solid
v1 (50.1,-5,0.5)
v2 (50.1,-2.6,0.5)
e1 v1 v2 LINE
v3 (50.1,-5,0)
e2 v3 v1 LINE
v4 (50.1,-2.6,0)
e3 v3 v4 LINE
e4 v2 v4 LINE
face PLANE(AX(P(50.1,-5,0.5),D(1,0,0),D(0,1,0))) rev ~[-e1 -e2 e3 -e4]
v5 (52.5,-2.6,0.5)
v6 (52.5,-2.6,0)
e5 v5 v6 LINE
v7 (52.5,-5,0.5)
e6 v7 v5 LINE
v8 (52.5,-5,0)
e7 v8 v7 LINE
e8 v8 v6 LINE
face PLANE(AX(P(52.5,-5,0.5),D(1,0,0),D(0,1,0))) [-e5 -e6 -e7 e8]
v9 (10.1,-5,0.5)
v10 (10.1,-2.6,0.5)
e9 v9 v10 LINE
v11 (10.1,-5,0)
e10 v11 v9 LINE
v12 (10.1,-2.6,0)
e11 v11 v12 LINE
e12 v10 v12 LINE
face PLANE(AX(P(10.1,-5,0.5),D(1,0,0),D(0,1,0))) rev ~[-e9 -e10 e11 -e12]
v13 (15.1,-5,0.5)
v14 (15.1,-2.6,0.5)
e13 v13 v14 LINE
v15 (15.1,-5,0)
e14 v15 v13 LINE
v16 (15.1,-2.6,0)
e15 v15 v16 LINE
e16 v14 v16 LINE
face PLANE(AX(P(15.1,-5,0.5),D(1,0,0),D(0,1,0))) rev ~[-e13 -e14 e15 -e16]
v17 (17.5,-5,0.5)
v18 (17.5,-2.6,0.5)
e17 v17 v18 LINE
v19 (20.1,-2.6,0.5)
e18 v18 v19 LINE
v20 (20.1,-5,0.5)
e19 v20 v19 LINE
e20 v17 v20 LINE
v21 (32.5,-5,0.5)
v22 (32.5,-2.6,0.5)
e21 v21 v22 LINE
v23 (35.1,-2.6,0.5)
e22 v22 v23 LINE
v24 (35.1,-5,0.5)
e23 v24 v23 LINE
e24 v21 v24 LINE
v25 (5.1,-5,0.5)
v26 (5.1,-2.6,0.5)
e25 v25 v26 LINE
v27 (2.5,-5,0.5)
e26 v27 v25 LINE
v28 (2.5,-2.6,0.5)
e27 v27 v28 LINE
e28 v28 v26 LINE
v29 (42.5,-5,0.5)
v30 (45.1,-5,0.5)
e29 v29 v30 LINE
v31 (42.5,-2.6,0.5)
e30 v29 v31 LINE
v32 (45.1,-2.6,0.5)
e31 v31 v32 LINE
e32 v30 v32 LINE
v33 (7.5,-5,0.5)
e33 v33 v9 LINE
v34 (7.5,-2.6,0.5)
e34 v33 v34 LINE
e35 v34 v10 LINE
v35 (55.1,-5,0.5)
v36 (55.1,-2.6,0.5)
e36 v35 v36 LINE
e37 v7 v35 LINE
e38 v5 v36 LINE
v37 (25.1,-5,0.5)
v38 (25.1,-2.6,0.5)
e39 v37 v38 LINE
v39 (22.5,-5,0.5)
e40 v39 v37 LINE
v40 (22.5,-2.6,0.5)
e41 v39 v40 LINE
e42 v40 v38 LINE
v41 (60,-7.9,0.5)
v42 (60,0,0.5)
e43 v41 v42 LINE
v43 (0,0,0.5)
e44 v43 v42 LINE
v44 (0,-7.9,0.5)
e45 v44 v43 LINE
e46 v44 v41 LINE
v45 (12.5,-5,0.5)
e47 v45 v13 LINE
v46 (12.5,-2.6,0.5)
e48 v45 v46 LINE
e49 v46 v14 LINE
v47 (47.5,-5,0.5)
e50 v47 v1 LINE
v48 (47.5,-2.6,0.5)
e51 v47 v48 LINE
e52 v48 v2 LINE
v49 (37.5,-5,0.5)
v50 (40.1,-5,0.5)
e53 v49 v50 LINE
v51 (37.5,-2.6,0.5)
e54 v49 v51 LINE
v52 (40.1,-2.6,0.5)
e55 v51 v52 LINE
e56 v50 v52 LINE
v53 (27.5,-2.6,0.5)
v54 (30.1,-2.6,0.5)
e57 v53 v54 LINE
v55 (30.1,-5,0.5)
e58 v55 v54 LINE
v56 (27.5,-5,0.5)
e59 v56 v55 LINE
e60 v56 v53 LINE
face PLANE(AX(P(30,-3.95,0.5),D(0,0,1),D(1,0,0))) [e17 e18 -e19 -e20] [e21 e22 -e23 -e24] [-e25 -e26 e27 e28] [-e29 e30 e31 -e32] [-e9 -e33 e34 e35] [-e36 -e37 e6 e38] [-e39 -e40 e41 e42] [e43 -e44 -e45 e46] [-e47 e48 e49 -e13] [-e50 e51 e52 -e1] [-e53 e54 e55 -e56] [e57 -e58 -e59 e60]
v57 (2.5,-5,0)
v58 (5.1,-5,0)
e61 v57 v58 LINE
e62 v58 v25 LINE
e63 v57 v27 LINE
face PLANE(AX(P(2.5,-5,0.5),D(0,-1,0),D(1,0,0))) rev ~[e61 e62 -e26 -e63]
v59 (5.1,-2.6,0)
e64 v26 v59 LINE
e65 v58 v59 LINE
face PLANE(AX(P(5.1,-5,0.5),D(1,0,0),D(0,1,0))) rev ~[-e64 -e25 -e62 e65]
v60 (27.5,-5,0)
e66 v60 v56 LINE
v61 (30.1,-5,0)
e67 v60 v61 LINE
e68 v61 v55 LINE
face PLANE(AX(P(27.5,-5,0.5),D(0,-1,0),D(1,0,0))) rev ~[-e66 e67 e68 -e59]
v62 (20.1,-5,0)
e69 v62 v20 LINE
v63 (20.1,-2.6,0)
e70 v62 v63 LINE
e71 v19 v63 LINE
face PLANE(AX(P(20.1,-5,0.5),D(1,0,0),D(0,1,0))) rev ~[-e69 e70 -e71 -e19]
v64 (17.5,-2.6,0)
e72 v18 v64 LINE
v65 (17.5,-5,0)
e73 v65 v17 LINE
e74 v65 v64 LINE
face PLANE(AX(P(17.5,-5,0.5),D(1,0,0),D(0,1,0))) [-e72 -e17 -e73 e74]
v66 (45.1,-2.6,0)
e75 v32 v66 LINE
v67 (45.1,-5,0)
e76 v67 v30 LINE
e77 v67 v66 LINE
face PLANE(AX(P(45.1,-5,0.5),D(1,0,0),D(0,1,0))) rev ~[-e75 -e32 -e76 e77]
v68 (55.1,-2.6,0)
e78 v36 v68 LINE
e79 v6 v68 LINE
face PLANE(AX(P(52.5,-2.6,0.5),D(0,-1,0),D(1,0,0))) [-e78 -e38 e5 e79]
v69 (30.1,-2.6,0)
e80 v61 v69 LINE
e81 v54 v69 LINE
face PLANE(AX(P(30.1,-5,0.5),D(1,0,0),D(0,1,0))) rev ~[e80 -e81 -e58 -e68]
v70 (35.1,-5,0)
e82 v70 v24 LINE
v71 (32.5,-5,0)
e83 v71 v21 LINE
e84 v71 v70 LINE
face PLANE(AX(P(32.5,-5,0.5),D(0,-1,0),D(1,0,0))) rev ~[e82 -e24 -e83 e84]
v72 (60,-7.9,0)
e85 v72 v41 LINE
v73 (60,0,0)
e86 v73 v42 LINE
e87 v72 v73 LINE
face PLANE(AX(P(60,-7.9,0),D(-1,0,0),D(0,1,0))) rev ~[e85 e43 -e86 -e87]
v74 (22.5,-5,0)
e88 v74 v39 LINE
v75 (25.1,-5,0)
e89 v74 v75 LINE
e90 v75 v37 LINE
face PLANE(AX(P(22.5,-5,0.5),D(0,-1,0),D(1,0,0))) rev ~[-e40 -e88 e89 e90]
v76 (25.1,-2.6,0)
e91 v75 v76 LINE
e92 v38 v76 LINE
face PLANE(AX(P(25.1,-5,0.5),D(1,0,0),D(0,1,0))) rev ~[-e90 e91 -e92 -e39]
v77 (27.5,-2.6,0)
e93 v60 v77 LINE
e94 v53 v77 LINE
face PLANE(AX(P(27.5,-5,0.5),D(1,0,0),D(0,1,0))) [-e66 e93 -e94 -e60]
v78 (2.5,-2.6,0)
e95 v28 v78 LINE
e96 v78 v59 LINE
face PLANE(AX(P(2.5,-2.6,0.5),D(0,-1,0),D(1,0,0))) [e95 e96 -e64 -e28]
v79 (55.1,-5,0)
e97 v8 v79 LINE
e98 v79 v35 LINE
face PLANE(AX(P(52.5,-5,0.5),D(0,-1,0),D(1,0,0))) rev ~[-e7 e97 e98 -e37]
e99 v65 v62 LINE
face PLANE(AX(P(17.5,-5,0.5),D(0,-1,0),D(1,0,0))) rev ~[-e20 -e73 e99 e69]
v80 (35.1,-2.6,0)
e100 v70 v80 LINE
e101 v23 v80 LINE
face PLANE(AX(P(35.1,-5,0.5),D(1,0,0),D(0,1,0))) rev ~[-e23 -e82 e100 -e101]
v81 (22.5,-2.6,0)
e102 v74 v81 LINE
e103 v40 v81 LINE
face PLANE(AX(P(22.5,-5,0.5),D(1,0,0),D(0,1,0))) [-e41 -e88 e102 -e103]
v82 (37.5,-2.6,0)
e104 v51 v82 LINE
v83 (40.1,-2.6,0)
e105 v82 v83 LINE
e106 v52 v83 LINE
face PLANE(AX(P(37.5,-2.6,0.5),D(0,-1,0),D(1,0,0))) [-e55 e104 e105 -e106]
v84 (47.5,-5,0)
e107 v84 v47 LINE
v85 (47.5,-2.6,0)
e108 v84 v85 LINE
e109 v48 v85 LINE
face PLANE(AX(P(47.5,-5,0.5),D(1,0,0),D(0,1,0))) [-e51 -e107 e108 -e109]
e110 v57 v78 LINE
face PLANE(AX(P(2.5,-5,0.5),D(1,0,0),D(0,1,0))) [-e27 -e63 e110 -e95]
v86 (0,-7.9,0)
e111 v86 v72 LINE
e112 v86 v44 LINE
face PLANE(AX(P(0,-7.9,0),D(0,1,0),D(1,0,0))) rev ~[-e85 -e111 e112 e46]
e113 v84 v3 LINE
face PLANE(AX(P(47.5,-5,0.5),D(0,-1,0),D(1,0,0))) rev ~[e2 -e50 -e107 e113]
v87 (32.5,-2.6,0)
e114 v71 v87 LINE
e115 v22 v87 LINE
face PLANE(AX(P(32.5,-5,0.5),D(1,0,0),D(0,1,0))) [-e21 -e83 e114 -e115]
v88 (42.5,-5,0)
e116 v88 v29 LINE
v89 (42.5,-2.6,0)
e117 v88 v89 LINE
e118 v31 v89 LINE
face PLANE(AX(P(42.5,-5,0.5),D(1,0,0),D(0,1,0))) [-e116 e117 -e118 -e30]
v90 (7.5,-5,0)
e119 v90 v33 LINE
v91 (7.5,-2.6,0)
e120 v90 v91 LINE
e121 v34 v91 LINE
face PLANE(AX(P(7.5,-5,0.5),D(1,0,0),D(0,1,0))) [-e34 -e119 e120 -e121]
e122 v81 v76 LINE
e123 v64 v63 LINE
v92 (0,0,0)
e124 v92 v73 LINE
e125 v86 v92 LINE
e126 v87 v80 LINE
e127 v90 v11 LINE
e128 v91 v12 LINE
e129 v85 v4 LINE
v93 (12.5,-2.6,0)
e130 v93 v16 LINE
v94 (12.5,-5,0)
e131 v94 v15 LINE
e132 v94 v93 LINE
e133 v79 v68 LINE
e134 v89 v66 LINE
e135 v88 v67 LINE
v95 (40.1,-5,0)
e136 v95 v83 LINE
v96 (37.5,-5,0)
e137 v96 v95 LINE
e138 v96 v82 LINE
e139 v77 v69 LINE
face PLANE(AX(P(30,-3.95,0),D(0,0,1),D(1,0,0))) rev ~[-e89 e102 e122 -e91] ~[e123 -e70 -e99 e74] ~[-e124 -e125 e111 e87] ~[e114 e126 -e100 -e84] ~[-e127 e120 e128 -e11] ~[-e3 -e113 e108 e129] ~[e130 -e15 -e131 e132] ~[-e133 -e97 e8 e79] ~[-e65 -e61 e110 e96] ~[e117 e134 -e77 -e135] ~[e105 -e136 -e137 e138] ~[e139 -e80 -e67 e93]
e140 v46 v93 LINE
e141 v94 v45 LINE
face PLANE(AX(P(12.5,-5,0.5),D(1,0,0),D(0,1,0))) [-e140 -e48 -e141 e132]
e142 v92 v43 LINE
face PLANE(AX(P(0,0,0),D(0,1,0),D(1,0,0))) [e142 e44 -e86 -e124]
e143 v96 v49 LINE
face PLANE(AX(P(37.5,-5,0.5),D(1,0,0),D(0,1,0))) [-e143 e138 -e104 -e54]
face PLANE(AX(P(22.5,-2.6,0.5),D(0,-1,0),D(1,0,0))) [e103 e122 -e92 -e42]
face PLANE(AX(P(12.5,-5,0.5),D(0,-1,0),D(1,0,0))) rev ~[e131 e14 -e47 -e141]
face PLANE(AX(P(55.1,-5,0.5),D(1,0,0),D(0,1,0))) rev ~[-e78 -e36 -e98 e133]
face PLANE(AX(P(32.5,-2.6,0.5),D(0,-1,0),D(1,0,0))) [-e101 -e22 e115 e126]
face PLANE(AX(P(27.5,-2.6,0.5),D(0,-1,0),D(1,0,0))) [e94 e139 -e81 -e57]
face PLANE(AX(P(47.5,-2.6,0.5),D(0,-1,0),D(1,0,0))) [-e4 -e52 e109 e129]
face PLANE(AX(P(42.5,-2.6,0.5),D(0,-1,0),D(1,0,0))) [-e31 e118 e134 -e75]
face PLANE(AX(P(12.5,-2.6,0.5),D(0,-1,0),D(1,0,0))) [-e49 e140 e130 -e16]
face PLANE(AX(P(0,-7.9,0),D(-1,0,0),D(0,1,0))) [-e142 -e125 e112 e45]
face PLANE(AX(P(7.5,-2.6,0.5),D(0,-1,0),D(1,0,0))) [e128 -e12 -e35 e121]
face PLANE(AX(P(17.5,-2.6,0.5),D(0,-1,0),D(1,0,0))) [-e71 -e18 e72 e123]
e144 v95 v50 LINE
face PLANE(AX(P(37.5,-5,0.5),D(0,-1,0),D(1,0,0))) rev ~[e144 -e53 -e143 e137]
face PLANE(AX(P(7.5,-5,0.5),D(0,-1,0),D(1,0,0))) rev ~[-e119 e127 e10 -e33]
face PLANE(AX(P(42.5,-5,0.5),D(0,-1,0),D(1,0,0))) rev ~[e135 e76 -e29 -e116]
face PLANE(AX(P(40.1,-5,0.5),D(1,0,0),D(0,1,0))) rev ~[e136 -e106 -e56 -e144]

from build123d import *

# Parameters (mm, degrees)
SKETCH1_W           = 60
SKETCH1_H           = 7.9
BOSS_EXTRUDE1_DEPTH = 0.5
SKETCH2_W           = 2.6
SKETCH2_H           = 2.4
CUT_EXTRUDE1_DEPTH  = 61.519914078
LPATTERN1_COUNT     = 11
LPATTERN1_PITCH     = 5


with BuildPart() as part:
    # Sketch1 → Boss-Extrude1 (new body)
    with BuildSketch(Plane.XY):
        with Locations((30, -3.95)):
            Rectangle(SKETCH1_W, SKETCH1_H)
    extrude(amount=BOSS_EXTRUDE1_DEPTH)

    # Sketch2 → Cut-Extrude1 (cut, symmetric)
    with BuildSketch(Plane.XY.offset(0.5)):
        with Locations((3.8, -3.8)):
            Rectangle(SKETCH2_W, SKETCH2_H)
    cut_extrude1 = extrude(amount=CUT_EXTRUDE1_DEPTH, both=True, mode=Mode.SUBTRACT)

    # LPattern1: Cut-Extrude1 ×11
    with Locations(*[(i * LPATTERN1_PITCH, 0, 0) for i in range(1, LPATTERN1_COUNT)]):
        add(cut_extrude1, mode=Mode.SUBTRACT)


solid = part.part
